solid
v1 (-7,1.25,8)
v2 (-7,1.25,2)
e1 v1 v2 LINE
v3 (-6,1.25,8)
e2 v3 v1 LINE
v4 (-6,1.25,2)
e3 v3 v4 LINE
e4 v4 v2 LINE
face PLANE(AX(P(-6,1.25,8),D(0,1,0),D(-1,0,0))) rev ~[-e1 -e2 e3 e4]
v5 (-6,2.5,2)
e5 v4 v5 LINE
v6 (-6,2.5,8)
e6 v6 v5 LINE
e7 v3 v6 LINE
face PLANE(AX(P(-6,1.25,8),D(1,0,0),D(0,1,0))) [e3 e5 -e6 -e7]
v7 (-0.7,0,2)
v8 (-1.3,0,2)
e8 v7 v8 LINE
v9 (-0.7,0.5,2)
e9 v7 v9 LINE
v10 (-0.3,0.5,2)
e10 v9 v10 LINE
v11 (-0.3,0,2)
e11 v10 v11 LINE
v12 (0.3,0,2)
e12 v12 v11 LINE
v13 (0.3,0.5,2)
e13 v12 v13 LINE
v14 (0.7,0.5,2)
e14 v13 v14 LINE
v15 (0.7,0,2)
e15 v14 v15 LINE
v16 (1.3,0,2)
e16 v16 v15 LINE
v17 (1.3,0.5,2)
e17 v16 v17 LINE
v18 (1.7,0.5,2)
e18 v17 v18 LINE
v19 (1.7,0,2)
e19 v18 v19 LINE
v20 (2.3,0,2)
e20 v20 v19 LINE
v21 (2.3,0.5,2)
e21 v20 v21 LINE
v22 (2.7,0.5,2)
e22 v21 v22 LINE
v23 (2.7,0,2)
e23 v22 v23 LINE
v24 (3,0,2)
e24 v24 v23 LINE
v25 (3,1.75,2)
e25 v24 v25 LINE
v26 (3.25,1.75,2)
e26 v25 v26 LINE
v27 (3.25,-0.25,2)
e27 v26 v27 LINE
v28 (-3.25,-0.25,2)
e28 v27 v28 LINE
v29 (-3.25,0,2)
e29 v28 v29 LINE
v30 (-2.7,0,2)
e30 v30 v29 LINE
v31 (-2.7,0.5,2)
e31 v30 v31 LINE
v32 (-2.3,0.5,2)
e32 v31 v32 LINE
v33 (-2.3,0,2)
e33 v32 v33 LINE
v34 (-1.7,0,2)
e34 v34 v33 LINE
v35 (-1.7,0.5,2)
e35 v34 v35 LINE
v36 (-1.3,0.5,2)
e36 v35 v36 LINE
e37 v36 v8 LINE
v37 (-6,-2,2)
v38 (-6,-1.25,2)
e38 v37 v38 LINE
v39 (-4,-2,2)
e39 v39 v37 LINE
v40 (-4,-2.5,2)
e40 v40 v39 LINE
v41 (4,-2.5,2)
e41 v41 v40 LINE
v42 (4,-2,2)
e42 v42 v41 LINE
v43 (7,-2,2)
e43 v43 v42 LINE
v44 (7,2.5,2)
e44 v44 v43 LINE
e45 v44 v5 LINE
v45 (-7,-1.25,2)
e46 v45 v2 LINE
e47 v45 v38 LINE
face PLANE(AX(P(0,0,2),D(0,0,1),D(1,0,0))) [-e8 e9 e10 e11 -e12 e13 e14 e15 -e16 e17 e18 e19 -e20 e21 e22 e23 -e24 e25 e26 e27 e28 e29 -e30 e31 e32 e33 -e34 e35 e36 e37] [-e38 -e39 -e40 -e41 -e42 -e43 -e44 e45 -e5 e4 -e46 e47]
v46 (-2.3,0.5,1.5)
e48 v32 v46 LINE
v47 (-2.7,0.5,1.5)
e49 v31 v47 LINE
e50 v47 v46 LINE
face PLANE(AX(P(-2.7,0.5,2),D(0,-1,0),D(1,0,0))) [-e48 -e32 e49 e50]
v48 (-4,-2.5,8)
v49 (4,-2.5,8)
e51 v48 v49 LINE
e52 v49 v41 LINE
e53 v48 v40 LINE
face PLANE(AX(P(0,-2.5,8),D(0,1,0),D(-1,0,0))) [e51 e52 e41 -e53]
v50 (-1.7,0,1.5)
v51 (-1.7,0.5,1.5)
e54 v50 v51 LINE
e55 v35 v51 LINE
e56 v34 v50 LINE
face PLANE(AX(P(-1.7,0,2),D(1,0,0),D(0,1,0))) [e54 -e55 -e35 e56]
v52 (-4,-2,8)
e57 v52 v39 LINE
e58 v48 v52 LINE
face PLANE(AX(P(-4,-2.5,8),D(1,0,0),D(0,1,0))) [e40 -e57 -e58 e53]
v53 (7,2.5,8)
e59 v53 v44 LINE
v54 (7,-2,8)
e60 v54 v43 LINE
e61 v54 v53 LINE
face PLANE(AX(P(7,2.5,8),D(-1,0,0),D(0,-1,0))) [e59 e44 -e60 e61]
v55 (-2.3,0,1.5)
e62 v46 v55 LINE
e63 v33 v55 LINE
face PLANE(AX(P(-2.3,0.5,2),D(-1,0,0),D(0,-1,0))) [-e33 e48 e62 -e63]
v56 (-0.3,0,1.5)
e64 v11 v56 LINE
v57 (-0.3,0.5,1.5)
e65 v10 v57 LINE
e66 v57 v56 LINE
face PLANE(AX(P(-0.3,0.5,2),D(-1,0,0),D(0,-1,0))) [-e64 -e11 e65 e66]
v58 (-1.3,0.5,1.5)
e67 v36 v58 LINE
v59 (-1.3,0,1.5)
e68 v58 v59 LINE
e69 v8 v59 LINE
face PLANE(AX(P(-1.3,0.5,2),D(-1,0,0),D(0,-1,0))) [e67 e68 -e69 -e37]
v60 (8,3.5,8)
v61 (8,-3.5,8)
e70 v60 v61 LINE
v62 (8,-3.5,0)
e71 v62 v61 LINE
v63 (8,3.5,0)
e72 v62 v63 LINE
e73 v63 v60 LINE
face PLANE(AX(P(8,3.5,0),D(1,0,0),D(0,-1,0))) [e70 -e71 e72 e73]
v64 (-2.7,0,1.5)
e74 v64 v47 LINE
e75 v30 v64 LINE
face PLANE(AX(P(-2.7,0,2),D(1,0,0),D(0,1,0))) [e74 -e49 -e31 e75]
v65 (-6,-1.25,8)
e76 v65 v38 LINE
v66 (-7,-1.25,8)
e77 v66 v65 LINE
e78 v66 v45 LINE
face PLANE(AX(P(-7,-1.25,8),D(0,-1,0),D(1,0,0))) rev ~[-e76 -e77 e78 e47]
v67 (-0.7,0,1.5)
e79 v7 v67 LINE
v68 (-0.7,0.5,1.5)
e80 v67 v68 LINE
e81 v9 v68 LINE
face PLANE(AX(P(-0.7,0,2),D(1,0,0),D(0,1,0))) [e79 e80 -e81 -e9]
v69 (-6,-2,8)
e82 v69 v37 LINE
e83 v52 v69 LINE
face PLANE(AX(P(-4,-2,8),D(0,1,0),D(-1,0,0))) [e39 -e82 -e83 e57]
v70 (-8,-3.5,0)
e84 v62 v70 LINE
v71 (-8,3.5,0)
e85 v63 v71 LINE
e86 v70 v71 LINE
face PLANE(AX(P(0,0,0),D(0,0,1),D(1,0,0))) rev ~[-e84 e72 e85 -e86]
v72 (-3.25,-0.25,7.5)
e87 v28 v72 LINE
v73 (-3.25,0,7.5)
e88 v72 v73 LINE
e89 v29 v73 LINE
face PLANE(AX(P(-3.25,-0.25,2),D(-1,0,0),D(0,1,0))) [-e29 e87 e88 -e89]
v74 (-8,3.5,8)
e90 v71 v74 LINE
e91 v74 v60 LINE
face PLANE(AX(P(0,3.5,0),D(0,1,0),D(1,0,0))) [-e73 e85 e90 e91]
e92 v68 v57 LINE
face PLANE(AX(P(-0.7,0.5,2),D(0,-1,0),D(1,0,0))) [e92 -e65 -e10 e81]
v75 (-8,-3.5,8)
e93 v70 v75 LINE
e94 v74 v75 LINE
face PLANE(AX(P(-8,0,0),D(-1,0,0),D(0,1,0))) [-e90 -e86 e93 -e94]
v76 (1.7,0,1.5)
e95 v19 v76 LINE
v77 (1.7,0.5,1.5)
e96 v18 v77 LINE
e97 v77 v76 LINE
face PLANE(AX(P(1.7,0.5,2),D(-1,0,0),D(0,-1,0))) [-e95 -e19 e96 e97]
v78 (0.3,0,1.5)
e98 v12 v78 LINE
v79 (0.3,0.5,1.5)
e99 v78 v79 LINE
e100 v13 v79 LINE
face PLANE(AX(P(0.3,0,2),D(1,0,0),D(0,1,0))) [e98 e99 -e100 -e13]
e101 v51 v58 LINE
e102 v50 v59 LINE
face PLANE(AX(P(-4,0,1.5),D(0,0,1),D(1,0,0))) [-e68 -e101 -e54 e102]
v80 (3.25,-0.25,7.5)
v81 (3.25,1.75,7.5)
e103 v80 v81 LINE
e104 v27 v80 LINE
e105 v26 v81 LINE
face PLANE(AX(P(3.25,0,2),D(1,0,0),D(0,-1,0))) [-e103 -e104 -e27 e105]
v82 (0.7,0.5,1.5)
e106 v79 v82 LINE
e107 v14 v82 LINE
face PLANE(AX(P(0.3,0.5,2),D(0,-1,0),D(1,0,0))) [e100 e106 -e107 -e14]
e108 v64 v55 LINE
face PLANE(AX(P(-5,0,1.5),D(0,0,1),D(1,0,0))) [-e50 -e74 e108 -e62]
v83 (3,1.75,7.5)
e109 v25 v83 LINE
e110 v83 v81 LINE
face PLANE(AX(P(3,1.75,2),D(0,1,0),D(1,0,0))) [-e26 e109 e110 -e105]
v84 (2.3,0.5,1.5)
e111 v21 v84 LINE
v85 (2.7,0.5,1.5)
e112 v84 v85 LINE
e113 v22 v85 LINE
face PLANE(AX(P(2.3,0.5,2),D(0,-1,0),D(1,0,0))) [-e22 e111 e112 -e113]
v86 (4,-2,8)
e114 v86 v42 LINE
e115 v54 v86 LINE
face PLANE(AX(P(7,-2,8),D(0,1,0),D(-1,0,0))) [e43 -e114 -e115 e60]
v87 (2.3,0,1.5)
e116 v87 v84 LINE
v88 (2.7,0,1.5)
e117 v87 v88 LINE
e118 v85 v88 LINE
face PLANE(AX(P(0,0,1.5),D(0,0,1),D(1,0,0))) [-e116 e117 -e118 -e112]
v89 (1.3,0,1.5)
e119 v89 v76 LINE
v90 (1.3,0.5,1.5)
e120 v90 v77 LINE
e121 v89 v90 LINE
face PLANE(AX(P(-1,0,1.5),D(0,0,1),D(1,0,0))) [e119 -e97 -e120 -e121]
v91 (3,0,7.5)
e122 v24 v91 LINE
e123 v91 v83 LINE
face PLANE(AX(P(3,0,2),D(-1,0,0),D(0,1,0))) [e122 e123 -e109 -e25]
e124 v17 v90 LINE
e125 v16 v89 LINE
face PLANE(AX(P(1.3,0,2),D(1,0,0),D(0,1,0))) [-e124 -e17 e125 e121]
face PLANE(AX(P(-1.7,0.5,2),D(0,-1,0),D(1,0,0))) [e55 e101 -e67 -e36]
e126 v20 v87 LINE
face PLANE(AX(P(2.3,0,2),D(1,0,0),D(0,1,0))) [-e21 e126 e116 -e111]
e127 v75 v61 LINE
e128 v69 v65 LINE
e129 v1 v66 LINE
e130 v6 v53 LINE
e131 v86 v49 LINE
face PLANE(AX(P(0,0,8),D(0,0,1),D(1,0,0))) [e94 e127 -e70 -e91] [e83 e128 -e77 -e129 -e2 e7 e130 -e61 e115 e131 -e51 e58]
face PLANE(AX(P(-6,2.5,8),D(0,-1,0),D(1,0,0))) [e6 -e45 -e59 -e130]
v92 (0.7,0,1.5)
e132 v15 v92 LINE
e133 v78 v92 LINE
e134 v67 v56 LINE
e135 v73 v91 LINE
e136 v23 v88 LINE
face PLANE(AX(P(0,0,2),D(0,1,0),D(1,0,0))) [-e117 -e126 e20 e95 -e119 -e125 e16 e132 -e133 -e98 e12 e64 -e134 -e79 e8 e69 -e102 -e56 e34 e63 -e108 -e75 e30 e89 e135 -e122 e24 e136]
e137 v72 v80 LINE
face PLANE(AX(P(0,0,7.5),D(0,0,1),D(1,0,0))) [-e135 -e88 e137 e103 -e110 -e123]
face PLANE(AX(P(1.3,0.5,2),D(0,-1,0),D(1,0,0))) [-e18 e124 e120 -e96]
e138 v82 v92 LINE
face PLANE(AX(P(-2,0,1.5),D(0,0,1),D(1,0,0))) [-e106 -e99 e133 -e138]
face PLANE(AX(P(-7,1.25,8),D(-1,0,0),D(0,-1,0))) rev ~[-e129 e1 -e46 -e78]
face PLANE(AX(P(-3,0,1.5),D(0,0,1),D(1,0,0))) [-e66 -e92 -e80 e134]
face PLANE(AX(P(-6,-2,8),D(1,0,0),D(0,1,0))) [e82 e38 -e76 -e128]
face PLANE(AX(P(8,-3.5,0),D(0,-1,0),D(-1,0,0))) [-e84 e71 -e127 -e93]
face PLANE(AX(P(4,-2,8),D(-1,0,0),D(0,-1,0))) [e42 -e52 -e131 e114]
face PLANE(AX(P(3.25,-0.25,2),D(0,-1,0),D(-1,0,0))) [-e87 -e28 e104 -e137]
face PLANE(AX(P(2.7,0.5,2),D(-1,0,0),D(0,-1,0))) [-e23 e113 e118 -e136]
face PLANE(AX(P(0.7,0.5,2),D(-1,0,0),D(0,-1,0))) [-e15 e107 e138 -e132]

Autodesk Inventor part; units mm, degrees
ref_plane "YZ Plane" through (0, 0, 0) normal (1, 0, 0) x (0, 1, 0)
ref_plane "XZ Plane" through (0, 0, 0) normal (0, 1, 0) x (-1, 0, 0)
ref_plane "XY Plane" through (0, 0, 0) normal (0, 0, 1) x (1, 0, 0)
sketch "Sketch1" plane through (0, 0, 0) normal (0, 0, 1) x (1, 0, 0)
  line L0 (0, 5.6) -> (0, -4.2) projected
  line L1 (-9.6, 0) -> (12.8, 0) projected
  line L2 (-8, 3.5) -> (8, 3.5)
  line L3 (8, 3.5) -> (8, -3.5)
  line L4 (8, -3.5) -> (-8, -3.5)
  line L5 (-8, -3.5) -> (-8, 3.5)
  dimension "d0" = 16
  dimension "d1" = 7
extrude "Extrusion1" add sketch "Sketch1" along normal blind 8
sketch "Sketch2" plane through (0, 0, 8) normal (0, 0, 1) x (1, 0, 0)
  line L0 (8, 3.5) -> (8, -3.5) projected
  line L1 (-6, 2.5) -> (7, 2.5)
  line L2 (7, 2.5) -> (7, -2)
  line L3 (7, -2) -> (-6, -2)
  line L4 (-6, -2) -> (-6, 2.5)
  line L5 (-4, -2) -> (4, -2)
  line L6 (4, -2) -> (4, -2.5)
  line L7 (4, -2.5) -> (-4, -2.5)
  line L8 (-4, -2.5) -> (-4, -2)
  line L9 (-6, 1.25) -> (-7, 1.25)
  line L10 (-7, 1.25) -> (-7, -1.25)
  line L11 (-7, -1.25) -> (-6, -1.25)
  line L12 (-6, -1.25) -> (-6, 1.25)
  line L13 (0, 5.6) -> (0, -4.2) projected
  line L14 (-9.6, 0) -> (12.8, 0) projected
  dimension "d4" = 14
  dimension "d5" = 1
  dimension "d6" = 2.5
  dimension "d7" = 0.5
  dimension "d8" = 5
  dimension "d9" = 1
  dimension "d10" = 8
extrude "Extrusion2" cut sketch "Sketch2" against normal blind 6
sketch "Sketch3" plane through (0, 0, 2) normal (0, 0, 1) x (1, 0, 0)
  line L0 (0, 5.6) -> (0, -4.2) projected
  line L1 (-9.6, 0) -> (12.8, 0) projected
  line L2 (-3.25, 0) -> (3.25, 0)
  line L3 (3.25, 0) -> (3.25, -0.25)
  line L4 (3.25, -0.25) -> (-3.25, -0.25)
  line L5 (-3.25, -0.25) -> (-3.25, 0)
  line L6 (3.25, 0) -> (3, 0)
  line L7 (3, 0) -> (3, 1.75)
  line L8 (3, 1.75) -> (3.25, 1.75)
  line L9 (3.25, 1.75) -> (3.25, 0)
  dimension "d13" = 6.5
  dimension "d14" = 2
  dimension "d15" = 0.25
  dimension "d16" = 0.25
extrude "Extrusion3" add sketch "Sketch3" along normal blind 5.5
sketch "Sketch4" plane through (0, 0, 2) normal (0, 0, 1) x (1, 0, 0)
  line L0 (-3.25, 0) -> (3, 0) projected
  line L1 (3, 0) -> (3, 1.75) projected
  line L2 (2.7, 0) -> (2.3, 0)
  line L3 (2.3, 0) -> (2.3, 0.5)
  line L4 (2.3, 0.5) -> (2.7, 0.5)
  line L5 (2.7, 0.5) -> (2.7, 0)
  dimension "d19" = 0.3
  dimension "d20" = 0.4
  dimension "d21" = 0.5
extrude "Extrusion4" cut sketch "Sketch4" against normal blind 0.5
pattern_linear "Rectangular Pattern1" count 6 spacing 1 along (-1, 0, 0) of "Extrusion4"
equation "\"d15\" = d16"
properties part number "config - j9h2 connector"
